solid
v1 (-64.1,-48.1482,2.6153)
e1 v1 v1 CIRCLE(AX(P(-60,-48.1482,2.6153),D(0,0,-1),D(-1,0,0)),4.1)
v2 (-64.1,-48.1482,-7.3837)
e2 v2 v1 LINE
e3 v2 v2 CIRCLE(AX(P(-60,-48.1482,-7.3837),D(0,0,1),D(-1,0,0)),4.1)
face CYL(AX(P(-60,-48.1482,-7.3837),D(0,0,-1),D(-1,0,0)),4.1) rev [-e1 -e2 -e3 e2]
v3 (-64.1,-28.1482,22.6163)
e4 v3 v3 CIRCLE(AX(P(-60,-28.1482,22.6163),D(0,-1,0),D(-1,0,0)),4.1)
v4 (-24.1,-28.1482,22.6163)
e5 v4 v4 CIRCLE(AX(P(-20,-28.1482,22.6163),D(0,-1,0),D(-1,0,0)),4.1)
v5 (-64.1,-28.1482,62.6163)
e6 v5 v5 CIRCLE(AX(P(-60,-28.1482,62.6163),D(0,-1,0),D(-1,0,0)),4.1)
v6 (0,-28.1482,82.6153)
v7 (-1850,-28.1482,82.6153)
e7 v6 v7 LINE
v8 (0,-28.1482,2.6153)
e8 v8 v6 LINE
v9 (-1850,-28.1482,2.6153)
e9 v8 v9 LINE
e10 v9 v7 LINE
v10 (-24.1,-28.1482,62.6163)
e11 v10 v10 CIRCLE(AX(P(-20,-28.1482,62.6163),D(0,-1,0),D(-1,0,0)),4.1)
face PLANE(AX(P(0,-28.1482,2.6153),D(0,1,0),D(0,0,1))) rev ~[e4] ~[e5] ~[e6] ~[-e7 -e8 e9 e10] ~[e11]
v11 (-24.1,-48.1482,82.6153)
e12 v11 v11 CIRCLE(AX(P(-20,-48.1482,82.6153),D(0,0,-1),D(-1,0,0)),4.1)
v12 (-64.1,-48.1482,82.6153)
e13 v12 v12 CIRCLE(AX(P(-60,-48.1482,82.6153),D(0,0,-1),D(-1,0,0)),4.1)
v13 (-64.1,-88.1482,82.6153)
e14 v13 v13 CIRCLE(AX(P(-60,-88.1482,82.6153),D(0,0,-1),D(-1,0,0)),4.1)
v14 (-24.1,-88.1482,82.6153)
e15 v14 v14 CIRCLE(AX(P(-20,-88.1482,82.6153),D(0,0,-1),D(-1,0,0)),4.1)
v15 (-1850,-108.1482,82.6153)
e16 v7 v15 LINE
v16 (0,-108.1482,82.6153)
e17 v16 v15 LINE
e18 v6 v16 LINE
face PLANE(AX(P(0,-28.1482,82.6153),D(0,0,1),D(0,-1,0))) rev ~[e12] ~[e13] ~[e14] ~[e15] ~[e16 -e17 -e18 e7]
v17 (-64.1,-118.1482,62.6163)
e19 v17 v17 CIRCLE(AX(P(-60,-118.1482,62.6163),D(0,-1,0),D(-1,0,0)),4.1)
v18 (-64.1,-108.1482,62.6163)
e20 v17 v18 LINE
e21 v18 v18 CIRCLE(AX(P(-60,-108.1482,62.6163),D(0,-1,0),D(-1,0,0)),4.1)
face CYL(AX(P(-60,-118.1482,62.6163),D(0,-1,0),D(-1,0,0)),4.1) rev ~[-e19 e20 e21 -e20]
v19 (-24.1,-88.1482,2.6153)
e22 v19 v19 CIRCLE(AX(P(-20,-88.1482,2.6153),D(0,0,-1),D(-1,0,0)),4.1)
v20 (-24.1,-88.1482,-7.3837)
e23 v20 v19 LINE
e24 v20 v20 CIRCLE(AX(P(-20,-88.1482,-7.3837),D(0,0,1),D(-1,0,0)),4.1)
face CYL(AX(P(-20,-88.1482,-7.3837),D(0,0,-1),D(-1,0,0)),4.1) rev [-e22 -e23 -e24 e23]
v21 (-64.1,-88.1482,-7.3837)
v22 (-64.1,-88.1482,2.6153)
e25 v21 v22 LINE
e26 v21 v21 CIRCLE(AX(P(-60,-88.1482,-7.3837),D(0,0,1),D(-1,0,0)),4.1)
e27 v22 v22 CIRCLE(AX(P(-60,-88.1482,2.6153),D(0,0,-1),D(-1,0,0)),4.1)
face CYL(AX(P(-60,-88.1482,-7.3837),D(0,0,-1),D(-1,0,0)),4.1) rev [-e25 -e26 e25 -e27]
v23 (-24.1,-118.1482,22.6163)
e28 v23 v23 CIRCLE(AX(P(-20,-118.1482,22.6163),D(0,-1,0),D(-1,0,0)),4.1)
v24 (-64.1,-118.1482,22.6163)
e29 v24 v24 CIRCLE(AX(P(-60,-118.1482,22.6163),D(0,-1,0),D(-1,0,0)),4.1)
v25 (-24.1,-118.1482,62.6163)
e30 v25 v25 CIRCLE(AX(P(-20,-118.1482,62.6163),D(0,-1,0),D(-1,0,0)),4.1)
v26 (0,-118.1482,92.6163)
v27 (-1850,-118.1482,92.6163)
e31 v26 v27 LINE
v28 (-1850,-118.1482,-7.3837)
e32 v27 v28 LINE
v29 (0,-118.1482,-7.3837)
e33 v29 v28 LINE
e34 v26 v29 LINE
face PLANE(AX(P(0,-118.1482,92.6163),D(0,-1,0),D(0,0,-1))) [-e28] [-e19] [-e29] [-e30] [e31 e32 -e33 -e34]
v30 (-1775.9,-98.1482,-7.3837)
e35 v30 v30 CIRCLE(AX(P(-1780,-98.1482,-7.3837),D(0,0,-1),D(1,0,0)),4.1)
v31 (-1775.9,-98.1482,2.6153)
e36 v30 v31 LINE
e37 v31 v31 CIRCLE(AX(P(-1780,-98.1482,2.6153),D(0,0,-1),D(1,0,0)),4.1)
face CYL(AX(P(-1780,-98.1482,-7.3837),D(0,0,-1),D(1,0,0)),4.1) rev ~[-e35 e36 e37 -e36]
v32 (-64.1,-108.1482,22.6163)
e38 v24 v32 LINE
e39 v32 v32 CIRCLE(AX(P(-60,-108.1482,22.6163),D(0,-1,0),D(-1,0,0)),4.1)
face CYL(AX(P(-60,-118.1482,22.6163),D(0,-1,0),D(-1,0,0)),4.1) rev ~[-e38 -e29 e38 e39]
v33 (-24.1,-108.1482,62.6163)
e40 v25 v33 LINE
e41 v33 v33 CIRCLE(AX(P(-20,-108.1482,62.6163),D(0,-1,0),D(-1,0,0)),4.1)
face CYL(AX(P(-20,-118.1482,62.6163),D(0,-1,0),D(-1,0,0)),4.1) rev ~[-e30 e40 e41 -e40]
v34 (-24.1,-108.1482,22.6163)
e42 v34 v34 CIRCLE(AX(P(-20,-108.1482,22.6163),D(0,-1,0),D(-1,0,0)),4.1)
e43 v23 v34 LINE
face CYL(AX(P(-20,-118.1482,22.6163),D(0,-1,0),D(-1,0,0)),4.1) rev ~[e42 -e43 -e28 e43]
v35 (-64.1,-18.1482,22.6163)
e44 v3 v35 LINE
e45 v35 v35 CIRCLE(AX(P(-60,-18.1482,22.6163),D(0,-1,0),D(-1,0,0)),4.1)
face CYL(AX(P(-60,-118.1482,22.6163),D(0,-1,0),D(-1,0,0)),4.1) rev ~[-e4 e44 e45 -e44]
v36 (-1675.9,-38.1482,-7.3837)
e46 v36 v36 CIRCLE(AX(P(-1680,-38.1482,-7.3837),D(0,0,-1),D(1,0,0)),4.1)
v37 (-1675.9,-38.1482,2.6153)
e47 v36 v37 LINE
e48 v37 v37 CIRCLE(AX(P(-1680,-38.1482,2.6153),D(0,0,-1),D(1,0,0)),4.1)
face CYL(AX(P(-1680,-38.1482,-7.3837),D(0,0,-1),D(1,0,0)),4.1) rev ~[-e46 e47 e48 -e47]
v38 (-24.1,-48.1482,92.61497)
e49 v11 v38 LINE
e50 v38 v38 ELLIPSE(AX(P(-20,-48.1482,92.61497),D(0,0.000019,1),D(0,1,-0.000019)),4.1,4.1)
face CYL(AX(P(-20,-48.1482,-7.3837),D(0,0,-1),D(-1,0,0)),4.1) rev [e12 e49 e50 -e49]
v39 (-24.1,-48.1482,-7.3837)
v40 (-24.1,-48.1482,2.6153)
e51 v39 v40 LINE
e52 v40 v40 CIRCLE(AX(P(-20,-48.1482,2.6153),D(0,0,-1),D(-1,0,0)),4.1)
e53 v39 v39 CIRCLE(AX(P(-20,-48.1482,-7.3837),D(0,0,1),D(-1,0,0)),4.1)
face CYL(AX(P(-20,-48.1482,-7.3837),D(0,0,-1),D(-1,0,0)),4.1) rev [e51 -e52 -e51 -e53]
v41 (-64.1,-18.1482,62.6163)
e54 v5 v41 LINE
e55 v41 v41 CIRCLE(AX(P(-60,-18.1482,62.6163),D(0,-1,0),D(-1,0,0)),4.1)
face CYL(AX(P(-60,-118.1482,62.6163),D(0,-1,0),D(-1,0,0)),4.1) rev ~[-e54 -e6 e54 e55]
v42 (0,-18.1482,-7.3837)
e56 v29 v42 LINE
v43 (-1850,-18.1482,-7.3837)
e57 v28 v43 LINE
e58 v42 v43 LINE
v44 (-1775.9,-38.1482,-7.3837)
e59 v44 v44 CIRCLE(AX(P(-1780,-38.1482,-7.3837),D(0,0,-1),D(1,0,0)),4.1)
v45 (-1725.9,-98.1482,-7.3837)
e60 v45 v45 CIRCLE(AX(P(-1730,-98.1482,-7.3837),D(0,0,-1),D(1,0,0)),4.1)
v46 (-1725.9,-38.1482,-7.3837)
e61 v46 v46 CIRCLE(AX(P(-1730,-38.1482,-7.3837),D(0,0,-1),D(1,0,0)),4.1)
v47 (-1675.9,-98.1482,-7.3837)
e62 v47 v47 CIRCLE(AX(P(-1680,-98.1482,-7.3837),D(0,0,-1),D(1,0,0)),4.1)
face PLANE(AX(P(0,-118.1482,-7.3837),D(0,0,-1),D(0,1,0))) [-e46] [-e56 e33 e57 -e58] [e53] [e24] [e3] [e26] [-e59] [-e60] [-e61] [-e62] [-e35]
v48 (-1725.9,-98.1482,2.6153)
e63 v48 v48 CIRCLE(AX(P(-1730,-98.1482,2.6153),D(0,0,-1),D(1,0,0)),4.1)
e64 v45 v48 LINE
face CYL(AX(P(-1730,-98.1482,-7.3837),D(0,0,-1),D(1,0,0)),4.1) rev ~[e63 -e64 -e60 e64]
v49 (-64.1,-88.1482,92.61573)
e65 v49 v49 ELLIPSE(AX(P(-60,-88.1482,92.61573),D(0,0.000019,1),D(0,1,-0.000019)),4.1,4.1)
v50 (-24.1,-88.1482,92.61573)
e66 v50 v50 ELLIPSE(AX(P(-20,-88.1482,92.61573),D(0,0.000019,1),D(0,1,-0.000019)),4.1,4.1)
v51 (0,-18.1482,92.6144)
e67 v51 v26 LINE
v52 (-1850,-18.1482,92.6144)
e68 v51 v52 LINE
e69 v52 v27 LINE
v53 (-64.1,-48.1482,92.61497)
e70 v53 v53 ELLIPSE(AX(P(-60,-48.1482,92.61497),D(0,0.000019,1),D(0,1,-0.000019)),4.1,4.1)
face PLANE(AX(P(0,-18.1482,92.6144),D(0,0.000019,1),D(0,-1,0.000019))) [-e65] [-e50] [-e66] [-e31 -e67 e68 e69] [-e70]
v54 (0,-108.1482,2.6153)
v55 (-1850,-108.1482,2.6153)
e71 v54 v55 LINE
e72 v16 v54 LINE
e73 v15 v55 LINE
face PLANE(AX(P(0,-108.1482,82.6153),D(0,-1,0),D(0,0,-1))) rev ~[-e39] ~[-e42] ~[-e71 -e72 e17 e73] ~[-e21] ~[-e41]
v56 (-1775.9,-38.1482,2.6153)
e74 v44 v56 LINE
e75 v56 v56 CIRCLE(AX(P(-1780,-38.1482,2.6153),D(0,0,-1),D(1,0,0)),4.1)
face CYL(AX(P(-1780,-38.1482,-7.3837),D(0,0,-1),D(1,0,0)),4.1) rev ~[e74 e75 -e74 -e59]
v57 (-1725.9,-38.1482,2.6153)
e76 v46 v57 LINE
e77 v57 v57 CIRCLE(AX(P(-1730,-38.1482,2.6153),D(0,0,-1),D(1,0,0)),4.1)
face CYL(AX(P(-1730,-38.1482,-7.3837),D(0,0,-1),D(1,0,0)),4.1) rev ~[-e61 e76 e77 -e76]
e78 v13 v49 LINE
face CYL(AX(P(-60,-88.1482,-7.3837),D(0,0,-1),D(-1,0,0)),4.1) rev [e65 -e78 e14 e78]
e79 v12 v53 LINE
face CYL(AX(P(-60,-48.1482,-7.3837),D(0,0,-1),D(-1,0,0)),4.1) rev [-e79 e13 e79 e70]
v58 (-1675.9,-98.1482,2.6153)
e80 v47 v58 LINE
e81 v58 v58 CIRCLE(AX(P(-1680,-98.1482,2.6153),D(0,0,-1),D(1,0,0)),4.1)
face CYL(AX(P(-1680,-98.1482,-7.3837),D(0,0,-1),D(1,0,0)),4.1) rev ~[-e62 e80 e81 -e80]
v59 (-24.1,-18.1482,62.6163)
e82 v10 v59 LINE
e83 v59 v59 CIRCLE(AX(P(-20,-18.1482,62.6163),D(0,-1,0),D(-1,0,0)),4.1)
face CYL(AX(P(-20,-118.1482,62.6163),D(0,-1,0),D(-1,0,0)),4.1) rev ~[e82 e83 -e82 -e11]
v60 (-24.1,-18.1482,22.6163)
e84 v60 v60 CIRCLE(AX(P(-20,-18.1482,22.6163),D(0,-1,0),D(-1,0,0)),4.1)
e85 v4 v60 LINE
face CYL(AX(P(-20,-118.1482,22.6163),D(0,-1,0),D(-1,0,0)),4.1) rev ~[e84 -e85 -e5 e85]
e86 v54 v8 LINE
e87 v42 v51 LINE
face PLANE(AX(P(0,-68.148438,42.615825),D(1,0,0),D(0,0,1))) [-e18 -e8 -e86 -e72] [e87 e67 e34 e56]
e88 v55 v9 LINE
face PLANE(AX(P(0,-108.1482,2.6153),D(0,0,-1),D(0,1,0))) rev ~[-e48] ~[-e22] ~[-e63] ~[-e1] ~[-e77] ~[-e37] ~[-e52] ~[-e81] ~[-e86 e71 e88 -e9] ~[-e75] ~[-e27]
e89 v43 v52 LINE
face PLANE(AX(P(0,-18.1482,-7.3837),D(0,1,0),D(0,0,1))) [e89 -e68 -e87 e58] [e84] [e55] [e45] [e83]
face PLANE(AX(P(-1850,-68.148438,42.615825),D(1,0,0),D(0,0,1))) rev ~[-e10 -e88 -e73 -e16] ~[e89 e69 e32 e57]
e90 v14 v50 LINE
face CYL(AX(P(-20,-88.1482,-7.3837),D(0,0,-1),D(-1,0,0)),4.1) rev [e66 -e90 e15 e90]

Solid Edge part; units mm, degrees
sketch "Sketch1" plane through (0, 0, 0) normal (1, 0, 0) x (0, 1, 0)
  line L0 (-108.1482, 2.6153) -> (-28.1482, 2.6153)
  line L1 (-28.1482, 2.6153) -> (-28.1482, 82.6153)
  line L2 (-28.1482, 82.6153) -> (-108.1482, 82.6153)
  line L3 (-108.1482, 82.6153) -> (-108.1482, 2.6153)
  line L4 (-118.1482, -7.3837) -> (-18.1482, -7.3837)
  line L5 (-18.1482, -7.3837) -> (-18.1482, 92.6144)
  line L6 (-18.1482, 92.6144) -> (-118.1482, 92.6163)
  line L7 (-118.1482, 92.6163) -> (-118.1482, -7.3837)
  dimension "D1" = 100
  dimension "D2" = 100
  dimension "D3" = 80
  dimension "D4" = 80
extrude "Protrusion1" add sketch "Sketch1" against normal blind 1850
sketch "Sketch2" plane through (-925, -118.1482, 42.6163) normal (0, -1, 0) x (-1, 0, 0)
  circle A0 centre (-905, -20) radius 4.1
  circle A1 centre (-865, 20) radius 4.1
  circle A2 centre (-865, -20) radius 4.1
  circle A3 centre (-905, 20) radius 4.1
  dimension "D1" = 8.2
  dimension "D2" = 8.2
  dimension "D3" = 8.2
  dimension "D4" = 8.2
  dimension "D5" = 20
  dimension "D6" = 40
  dimension "D7" = 20
  dimension "D8" = 20
extrude "Cutout1" cut sketch "Sketch2" against normal through all
mirror "Mirror1" about plane through (-925, -153.5035, -42.739) normal (0, 0.7071, -0.7071) of "Cutout1"
sketch "Sketch3" plane through (-925, -68.1482, -7.3837) normal (0, 0, -1) x (1, 0, 0)
  circle A0 centre (-855, -30) radius 4.1
  circle A1 centre (-805, 30) radius 4.1
  circle A2 centre (-805, -30) radius 4.1
  circle A3 centre (-755, 30) radius 4.1
  circle A4 centre (-755, -30) radius 4.1
  circle A5 centre (-855, 30) radius 4.1
  dimension "D1" = 8.2
  dimension "D2" = 8.2
  dimension "D3" = 8.2
  dimension "D4" = 8.2
  dimension "D5" = 60
  dimension "D6" = 30
  dimension "D7" = 70
  dimension "D8" = 50
  dimension "D9" = 50
  dimension "D10" = 50
  dimension "D11" = 8.2
  dimension "D12" = 8.2
extrude "Cutout3" cut sketch "Sketch3" against normal blind 46.6265
properties material "Aluminum, 6061-T6"
